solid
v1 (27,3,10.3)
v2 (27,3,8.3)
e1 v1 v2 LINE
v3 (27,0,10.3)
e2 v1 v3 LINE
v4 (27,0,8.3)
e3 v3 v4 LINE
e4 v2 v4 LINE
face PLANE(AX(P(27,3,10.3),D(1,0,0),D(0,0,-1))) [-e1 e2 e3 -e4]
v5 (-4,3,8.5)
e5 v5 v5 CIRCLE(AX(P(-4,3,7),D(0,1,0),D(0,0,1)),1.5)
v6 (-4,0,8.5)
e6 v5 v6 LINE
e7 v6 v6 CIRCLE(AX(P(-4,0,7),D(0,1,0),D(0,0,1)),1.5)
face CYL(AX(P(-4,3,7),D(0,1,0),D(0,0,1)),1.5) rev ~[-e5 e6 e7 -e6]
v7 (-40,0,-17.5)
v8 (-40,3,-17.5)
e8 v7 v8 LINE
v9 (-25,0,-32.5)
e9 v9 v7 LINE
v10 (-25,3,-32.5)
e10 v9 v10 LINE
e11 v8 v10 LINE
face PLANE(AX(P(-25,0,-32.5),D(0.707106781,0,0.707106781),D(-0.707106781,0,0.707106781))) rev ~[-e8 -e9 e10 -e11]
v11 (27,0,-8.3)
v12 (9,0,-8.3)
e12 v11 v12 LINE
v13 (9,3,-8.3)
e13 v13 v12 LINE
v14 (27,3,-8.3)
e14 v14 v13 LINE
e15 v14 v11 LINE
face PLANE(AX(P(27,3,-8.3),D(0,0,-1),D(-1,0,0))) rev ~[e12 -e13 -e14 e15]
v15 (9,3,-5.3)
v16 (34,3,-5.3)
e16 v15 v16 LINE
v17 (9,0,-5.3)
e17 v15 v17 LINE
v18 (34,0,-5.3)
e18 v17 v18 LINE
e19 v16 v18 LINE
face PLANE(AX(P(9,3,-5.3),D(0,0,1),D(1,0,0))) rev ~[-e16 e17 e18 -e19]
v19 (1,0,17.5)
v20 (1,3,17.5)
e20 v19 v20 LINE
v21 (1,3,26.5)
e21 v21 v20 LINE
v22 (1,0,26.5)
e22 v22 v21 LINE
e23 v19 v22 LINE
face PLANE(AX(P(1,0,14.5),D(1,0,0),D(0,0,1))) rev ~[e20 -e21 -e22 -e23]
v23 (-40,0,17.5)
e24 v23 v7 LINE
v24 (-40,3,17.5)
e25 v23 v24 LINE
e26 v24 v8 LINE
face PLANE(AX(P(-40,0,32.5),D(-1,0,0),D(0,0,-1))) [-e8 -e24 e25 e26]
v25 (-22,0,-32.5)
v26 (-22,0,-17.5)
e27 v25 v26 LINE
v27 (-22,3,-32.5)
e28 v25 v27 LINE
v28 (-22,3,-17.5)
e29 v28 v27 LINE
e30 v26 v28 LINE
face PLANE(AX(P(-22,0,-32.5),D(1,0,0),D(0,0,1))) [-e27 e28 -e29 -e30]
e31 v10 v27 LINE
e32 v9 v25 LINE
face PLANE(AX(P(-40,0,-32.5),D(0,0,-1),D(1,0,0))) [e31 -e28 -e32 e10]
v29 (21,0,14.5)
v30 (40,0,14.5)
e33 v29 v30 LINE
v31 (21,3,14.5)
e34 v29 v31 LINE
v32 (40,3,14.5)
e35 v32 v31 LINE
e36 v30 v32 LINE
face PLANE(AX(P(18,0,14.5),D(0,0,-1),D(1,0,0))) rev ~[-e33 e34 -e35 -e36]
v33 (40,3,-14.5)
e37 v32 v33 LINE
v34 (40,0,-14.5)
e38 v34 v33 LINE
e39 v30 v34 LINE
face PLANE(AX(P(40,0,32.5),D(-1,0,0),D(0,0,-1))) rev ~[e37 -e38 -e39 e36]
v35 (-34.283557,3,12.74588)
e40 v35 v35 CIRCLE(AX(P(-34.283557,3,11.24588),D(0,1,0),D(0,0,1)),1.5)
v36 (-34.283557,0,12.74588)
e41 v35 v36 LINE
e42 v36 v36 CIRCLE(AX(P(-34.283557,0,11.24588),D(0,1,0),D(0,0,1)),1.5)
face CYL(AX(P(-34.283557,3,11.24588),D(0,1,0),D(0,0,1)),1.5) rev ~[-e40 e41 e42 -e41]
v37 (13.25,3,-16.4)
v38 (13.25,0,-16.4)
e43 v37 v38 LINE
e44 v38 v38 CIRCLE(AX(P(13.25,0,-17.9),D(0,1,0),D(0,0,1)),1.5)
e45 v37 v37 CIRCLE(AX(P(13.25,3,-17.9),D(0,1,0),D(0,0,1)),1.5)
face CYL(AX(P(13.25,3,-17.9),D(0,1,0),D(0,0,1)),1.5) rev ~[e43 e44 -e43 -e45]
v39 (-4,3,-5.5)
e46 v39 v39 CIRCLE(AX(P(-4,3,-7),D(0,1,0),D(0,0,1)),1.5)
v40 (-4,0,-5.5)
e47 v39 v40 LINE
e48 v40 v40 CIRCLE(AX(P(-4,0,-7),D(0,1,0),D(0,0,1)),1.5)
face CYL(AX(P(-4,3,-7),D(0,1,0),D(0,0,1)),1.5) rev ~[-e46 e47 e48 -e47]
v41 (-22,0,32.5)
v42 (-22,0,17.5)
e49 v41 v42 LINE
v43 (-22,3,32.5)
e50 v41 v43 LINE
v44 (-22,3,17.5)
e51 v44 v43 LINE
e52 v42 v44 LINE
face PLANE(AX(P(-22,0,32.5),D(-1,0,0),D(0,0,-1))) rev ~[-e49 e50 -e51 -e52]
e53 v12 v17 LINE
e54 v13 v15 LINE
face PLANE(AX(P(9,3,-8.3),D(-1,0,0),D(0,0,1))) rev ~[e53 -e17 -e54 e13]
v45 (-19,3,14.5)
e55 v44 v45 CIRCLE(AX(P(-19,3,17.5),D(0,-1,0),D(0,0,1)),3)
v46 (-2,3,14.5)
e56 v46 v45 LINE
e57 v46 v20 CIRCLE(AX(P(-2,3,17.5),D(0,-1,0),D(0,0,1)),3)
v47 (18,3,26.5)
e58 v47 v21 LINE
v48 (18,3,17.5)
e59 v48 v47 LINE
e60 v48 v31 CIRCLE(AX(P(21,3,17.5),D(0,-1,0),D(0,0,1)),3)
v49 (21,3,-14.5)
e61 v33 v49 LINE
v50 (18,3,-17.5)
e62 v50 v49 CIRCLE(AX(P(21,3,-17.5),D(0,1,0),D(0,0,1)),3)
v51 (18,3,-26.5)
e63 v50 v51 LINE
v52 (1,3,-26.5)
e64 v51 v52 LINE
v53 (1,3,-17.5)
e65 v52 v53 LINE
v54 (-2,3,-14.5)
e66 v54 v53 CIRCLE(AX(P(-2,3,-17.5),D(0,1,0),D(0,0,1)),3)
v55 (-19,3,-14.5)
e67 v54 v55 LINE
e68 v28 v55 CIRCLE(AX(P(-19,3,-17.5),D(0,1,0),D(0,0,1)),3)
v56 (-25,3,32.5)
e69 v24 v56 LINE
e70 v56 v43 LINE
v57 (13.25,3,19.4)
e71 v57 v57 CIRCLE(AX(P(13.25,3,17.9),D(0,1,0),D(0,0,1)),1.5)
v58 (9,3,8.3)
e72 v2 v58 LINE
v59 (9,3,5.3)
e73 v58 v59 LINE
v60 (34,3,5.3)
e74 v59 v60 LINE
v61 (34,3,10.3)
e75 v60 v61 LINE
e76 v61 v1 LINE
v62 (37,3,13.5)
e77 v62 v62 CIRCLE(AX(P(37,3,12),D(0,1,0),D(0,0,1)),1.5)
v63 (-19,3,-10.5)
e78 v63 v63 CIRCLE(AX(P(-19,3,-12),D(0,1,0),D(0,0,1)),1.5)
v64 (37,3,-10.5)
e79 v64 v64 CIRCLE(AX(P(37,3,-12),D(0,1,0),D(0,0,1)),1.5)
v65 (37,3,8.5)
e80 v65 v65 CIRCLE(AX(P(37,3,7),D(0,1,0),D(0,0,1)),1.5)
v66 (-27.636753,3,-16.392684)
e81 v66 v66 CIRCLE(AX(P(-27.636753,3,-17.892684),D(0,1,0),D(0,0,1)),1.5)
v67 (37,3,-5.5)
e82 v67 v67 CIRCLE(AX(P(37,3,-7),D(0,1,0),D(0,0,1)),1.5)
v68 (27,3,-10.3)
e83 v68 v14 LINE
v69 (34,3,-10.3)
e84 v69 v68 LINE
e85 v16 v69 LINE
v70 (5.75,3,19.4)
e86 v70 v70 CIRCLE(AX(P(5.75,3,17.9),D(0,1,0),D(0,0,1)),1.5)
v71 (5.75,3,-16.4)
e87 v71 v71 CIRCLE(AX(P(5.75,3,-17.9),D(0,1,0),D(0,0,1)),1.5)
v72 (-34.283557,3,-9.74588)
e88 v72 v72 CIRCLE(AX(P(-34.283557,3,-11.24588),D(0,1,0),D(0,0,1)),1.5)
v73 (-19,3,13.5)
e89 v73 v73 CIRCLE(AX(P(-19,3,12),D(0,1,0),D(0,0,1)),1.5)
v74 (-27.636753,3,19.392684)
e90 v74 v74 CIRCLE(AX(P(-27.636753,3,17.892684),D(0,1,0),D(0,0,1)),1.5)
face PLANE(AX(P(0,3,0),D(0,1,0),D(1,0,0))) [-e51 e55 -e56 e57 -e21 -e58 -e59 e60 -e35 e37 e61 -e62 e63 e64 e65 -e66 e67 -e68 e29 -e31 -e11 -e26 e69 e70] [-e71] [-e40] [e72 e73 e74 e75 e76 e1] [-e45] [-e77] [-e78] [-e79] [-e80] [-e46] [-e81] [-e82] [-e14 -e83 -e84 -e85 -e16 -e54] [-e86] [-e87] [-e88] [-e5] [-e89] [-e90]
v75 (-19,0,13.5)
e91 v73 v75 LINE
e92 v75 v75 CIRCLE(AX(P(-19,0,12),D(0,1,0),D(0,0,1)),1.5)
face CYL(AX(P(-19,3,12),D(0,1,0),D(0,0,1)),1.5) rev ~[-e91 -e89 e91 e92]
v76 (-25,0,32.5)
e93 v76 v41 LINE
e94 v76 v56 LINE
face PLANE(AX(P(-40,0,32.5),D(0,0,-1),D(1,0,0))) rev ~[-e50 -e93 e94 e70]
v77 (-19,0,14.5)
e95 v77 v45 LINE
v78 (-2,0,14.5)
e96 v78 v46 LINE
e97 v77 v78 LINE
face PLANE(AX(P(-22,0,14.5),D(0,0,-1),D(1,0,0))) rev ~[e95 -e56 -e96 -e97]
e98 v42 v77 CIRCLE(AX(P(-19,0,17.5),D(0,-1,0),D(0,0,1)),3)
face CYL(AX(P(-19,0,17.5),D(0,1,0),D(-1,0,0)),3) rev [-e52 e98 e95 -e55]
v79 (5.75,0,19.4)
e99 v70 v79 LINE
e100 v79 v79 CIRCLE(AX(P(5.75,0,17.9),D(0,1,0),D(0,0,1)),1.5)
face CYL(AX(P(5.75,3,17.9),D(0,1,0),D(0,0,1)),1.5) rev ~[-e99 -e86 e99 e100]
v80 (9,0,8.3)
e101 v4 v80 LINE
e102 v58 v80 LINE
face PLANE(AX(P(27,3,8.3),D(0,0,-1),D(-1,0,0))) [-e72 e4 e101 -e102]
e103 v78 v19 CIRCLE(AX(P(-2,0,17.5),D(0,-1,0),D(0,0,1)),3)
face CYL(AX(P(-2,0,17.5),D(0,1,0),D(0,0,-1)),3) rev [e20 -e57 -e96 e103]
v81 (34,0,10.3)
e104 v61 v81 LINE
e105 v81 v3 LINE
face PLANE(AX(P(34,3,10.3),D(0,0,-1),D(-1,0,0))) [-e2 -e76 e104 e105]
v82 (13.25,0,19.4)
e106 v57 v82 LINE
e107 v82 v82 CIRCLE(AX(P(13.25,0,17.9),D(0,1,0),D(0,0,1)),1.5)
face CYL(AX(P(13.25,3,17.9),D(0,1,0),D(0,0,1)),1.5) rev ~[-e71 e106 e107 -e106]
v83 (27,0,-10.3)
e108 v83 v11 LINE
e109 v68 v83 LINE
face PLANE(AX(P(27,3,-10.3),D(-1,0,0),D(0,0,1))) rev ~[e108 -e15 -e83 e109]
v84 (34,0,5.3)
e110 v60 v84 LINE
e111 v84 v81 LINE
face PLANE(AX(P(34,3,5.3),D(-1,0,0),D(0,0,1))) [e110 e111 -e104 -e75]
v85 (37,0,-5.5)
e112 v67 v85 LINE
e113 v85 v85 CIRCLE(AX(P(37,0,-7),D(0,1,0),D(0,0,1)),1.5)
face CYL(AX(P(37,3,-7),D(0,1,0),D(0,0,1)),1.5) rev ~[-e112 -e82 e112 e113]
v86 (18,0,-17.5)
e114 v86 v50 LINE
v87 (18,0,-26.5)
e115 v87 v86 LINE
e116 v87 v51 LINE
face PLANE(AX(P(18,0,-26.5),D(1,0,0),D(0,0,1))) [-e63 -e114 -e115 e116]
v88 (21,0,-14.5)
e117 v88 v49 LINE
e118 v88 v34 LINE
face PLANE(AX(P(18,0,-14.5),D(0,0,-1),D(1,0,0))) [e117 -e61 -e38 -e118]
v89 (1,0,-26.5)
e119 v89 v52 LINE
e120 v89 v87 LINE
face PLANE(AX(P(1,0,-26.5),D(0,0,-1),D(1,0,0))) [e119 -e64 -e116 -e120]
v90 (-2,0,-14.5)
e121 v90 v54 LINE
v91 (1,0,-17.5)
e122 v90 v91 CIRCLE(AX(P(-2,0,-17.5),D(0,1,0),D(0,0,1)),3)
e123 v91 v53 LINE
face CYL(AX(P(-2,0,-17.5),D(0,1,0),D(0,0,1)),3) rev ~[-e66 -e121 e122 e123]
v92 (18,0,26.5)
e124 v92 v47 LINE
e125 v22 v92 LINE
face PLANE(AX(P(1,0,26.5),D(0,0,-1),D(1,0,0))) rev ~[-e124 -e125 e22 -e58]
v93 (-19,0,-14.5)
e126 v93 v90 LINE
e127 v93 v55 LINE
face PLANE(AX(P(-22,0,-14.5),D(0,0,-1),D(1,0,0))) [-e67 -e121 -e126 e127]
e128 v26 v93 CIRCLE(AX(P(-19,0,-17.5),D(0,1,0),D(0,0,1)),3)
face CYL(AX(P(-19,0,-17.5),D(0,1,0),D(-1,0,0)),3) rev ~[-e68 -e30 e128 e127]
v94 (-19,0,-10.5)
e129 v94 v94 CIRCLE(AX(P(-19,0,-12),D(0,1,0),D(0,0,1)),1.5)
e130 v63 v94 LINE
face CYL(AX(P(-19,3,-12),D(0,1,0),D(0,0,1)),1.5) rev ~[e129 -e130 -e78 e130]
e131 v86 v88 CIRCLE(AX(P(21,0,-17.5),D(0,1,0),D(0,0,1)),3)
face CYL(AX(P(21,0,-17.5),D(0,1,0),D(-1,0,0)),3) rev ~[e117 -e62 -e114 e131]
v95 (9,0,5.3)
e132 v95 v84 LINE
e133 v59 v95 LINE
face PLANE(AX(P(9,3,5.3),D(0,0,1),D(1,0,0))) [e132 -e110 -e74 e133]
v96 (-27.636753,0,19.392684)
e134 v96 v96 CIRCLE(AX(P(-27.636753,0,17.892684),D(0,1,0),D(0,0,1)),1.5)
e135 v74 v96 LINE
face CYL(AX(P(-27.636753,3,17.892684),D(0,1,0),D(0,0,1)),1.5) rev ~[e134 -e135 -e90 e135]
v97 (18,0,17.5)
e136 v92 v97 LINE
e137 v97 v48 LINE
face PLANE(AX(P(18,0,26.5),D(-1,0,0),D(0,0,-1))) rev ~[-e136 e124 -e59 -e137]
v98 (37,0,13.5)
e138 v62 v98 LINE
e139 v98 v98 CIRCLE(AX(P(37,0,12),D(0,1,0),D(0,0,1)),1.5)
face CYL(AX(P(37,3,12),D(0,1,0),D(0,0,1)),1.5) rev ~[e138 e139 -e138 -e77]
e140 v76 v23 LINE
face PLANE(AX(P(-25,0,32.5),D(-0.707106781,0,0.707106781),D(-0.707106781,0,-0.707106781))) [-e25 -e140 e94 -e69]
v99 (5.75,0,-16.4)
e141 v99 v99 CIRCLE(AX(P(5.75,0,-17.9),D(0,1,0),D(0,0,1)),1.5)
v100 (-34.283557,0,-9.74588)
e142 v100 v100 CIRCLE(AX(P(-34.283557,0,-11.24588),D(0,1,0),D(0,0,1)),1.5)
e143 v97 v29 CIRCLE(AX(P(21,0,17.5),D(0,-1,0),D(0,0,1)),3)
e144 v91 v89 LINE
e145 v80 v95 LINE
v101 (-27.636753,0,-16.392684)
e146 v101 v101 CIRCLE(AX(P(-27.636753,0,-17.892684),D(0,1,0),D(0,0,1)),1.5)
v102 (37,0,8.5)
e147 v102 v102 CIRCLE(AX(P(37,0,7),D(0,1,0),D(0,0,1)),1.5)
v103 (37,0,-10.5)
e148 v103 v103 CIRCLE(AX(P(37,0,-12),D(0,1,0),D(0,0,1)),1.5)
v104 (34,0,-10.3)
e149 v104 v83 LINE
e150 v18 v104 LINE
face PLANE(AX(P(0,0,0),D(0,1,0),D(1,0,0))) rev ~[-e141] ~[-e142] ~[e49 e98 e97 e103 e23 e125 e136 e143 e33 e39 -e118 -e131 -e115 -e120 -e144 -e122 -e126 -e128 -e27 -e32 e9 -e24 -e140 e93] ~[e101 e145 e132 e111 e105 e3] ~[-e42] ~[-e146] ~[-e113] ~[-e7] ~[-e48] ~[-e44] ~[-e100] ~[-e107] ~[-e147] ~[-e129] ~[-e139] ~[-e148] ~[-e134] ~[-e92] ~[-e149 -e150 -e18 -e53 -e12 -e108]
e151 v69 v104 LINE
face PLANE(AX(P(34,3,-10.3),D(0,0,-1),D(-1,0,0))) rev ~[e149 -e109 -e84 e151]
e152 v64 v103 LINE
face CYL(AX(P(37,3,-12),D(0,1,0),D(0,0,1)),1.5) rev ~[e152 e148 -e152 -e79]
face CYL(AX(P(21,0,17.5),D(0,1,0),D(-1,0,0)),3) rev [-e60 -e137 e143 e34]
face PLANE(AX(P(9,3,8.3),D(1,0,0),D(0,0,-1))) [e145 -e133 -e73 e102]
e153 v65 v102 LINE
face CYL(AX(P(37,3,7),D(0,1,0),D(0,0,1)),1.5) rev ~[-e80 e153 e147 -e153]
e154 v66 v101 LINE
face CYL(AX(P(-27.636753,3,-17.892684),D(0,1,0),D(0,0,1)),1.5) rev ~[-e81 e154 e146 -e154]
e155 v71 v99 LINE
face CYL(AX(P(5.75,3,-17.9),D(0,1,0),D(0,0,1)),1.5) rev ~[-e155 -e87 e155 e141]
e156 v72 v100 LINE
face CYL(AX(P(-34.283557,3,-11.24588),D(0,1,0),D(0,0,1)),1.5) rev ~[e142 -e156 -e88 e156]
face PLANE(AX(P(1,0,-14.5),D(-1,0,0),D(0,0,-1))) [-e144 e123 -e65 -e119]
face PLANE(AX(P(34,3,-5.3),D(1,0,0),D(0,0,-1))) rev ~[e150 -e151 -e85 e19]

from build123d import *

# Parameters (mm, degrees)
SKETCH1_W           = 80
SKETCH1_H           = 65
BOSS_EXTRUDE1_DEPTH = 3
CUT_EXTRUDE1_DEPTH  = 10
CUT_EXTRUDE2_DEPTH  = 10
SKETCH4_R           = 1.5
CUT_EXTRUDE3_DEPTH  = 10
FILLET1_R           = 3
CUT_EXTRUDE4_DEPTH  = 10


with BuildPart() as part:
    # Sketch1 → Boss-Extrude1 (new body)
    with BuildSketch(Plane(origin=(0, 0, 0), x_dir=(1, 0, 0), z_dir=(0, 1, 0))):
        Rectangle(SKETCH1_W, SKETCH1_H)
    extrude(amount=BOSS_EXTRUDE1_DEPTH)

    # Sketch2 → Cut-Extrude1 (cut)
    with BuildSketch(Plane(origin=(0, 0, 0), x_dir=(-1, 0, 0), z_dir=(0, -1, 0))):
        Polygon((22, 32.5), (22, 14.5), (-1, 14.5), (-1, 26.5), (-18, 26.5), (-18, 14.5), (-40, 14.5), (-40, 32.5), align=None)
        Polygon((-1, -26.5), (-18, -26.5), (-18, -14.5), (-40, -14.5), (-40, -32.5), (22, -32.5), (22, -14.5), (-1, -14.5), align=None)
    extrude(amount=-CUT_EXTRUDE1_DEPTH, mode=Mode.SUBTRACT)

    # Sketch3 → Cut-Extrude2 (cut)
    with BuildSketch(Plane(origin=(0, 3, 0), x_dir=(1, 0, 0), z_dir=(0, 1, 0))):
        Polygon((27, -8.3), (9, -8.3), (9, -5.3), (34, -5.3), (34, -10.3), (27, -10.3), align=None)
        Polygon((34, 5.3), (34, 10.3), (27, 10.3), (27, 8.3), (9, 8.3), (9, 5.3), align=None)
    extrude(amount=-CUT_EXTRUDE2_DEPTH, mode=Mode.SUBTRACT)

    # Sketch4 → Cut-Extrude3 (cut)
    with BuildSketch(Plane(origin=(0, 3, 0), x_dir=(1, 0, 0), z_dir=(0, 1, 0))):
        with Locations(Location((-4, 7, 0), (0, 0, 270))):
            Circle(SKETCH4_R)
        with Locations(Location((13.25, 17.9, 0), (0, 0, 270))):
            Circle(SKETCH4_R)
        with Locations(Location((5.75, 17.9, 0), (0, 0, 270))):
            Circle(SKETCH4_R)
        with Locations(Location((37, 7, 0), (0, 0, 270))):
            Circle(SKETCH4_R)
        with Locations(Location((37, 12, 0), (0, 0, 270))):
            Circle(SKETCH4_R)
        with Locations(Location((-19, 12, 0), (0, 0, 270))):
            Circle(SKETCH4_R)
        with Locations(Location((-27.636753237, 17.892684015, 0), (0, 0, 270))):
            Circle(SKETCH4_R)
        with Locations(Location((-34.28355698, 11.245880272, 0), (0, 0, 270))):
            Circle(SKETCH4_R)
        with Locations(Location((-34.28355698, -11.245880272, 0), (0, 0, 270))):
            Circle(SKETCH4_R)
        with Locations(Location((-27.636753237, -17.892684015, 0), (0, 0, 270))):
            Circle(SKETCH4_R)
        with Locations(Location((-19, -12, 0), (0, 0, 270))):
            Circle(SKETCH4_R)
        with Locations(Location((-4, -7, 0), (0, 0, 270))):
            Circle(SKETCH4_R)
        with Locations(Location((5.75, -17.9, 0), (0, 0, 270))):
            Circle(SKETCH4_R)
        with Locations(Location((13.25, -17.9, 0), (0, 0, 270))):
            Circle(SKETCH4_R)
        with Locations(Location((37, -7, 0), (0, 0, 270))):
            Circle(SKETCH4_R)
        with Locations(Location((37, -12, 0), (0, 0, 270))):
            Circle(SKETCH4_R)
    extrude(amount=-CUT_EXTRUDE3_DEPTH, mode=Mode.SUBTRACT)

    # Fillet1
    fillet1_edges = [part.edges().sort_by_distance(p)[0] for p in [
        (-22, 1.5, -14.5),
        (1, 1.5, -14.5),
        (18, 1.5, -14.5),
        (1, 1.5, 14.5),
        (-22, 1.5, 14.5),
        (18, 1.5, 14.5),
    ]]
    fillet(fillet1_edges, radius=FILLET1_R)

    # Sketch5 → Cut-Extrude4 (cut)
    with BuildSketch(Plane(origin=(0, 0, 0), x_dir=(-1, 0, 0), z_dir=(0, -1, 0))):
        Polygon((40, 32.5), (25, 32.5), (40, 17.5), align=None)
        Polygon((40, -17.5), (40, -32.5), (25, -32.5), align=None)
    extrude(amount=-CUT_EXTRUDE4_DEPTH, mode=Mode.SUBTRACT)


solid = part.part
